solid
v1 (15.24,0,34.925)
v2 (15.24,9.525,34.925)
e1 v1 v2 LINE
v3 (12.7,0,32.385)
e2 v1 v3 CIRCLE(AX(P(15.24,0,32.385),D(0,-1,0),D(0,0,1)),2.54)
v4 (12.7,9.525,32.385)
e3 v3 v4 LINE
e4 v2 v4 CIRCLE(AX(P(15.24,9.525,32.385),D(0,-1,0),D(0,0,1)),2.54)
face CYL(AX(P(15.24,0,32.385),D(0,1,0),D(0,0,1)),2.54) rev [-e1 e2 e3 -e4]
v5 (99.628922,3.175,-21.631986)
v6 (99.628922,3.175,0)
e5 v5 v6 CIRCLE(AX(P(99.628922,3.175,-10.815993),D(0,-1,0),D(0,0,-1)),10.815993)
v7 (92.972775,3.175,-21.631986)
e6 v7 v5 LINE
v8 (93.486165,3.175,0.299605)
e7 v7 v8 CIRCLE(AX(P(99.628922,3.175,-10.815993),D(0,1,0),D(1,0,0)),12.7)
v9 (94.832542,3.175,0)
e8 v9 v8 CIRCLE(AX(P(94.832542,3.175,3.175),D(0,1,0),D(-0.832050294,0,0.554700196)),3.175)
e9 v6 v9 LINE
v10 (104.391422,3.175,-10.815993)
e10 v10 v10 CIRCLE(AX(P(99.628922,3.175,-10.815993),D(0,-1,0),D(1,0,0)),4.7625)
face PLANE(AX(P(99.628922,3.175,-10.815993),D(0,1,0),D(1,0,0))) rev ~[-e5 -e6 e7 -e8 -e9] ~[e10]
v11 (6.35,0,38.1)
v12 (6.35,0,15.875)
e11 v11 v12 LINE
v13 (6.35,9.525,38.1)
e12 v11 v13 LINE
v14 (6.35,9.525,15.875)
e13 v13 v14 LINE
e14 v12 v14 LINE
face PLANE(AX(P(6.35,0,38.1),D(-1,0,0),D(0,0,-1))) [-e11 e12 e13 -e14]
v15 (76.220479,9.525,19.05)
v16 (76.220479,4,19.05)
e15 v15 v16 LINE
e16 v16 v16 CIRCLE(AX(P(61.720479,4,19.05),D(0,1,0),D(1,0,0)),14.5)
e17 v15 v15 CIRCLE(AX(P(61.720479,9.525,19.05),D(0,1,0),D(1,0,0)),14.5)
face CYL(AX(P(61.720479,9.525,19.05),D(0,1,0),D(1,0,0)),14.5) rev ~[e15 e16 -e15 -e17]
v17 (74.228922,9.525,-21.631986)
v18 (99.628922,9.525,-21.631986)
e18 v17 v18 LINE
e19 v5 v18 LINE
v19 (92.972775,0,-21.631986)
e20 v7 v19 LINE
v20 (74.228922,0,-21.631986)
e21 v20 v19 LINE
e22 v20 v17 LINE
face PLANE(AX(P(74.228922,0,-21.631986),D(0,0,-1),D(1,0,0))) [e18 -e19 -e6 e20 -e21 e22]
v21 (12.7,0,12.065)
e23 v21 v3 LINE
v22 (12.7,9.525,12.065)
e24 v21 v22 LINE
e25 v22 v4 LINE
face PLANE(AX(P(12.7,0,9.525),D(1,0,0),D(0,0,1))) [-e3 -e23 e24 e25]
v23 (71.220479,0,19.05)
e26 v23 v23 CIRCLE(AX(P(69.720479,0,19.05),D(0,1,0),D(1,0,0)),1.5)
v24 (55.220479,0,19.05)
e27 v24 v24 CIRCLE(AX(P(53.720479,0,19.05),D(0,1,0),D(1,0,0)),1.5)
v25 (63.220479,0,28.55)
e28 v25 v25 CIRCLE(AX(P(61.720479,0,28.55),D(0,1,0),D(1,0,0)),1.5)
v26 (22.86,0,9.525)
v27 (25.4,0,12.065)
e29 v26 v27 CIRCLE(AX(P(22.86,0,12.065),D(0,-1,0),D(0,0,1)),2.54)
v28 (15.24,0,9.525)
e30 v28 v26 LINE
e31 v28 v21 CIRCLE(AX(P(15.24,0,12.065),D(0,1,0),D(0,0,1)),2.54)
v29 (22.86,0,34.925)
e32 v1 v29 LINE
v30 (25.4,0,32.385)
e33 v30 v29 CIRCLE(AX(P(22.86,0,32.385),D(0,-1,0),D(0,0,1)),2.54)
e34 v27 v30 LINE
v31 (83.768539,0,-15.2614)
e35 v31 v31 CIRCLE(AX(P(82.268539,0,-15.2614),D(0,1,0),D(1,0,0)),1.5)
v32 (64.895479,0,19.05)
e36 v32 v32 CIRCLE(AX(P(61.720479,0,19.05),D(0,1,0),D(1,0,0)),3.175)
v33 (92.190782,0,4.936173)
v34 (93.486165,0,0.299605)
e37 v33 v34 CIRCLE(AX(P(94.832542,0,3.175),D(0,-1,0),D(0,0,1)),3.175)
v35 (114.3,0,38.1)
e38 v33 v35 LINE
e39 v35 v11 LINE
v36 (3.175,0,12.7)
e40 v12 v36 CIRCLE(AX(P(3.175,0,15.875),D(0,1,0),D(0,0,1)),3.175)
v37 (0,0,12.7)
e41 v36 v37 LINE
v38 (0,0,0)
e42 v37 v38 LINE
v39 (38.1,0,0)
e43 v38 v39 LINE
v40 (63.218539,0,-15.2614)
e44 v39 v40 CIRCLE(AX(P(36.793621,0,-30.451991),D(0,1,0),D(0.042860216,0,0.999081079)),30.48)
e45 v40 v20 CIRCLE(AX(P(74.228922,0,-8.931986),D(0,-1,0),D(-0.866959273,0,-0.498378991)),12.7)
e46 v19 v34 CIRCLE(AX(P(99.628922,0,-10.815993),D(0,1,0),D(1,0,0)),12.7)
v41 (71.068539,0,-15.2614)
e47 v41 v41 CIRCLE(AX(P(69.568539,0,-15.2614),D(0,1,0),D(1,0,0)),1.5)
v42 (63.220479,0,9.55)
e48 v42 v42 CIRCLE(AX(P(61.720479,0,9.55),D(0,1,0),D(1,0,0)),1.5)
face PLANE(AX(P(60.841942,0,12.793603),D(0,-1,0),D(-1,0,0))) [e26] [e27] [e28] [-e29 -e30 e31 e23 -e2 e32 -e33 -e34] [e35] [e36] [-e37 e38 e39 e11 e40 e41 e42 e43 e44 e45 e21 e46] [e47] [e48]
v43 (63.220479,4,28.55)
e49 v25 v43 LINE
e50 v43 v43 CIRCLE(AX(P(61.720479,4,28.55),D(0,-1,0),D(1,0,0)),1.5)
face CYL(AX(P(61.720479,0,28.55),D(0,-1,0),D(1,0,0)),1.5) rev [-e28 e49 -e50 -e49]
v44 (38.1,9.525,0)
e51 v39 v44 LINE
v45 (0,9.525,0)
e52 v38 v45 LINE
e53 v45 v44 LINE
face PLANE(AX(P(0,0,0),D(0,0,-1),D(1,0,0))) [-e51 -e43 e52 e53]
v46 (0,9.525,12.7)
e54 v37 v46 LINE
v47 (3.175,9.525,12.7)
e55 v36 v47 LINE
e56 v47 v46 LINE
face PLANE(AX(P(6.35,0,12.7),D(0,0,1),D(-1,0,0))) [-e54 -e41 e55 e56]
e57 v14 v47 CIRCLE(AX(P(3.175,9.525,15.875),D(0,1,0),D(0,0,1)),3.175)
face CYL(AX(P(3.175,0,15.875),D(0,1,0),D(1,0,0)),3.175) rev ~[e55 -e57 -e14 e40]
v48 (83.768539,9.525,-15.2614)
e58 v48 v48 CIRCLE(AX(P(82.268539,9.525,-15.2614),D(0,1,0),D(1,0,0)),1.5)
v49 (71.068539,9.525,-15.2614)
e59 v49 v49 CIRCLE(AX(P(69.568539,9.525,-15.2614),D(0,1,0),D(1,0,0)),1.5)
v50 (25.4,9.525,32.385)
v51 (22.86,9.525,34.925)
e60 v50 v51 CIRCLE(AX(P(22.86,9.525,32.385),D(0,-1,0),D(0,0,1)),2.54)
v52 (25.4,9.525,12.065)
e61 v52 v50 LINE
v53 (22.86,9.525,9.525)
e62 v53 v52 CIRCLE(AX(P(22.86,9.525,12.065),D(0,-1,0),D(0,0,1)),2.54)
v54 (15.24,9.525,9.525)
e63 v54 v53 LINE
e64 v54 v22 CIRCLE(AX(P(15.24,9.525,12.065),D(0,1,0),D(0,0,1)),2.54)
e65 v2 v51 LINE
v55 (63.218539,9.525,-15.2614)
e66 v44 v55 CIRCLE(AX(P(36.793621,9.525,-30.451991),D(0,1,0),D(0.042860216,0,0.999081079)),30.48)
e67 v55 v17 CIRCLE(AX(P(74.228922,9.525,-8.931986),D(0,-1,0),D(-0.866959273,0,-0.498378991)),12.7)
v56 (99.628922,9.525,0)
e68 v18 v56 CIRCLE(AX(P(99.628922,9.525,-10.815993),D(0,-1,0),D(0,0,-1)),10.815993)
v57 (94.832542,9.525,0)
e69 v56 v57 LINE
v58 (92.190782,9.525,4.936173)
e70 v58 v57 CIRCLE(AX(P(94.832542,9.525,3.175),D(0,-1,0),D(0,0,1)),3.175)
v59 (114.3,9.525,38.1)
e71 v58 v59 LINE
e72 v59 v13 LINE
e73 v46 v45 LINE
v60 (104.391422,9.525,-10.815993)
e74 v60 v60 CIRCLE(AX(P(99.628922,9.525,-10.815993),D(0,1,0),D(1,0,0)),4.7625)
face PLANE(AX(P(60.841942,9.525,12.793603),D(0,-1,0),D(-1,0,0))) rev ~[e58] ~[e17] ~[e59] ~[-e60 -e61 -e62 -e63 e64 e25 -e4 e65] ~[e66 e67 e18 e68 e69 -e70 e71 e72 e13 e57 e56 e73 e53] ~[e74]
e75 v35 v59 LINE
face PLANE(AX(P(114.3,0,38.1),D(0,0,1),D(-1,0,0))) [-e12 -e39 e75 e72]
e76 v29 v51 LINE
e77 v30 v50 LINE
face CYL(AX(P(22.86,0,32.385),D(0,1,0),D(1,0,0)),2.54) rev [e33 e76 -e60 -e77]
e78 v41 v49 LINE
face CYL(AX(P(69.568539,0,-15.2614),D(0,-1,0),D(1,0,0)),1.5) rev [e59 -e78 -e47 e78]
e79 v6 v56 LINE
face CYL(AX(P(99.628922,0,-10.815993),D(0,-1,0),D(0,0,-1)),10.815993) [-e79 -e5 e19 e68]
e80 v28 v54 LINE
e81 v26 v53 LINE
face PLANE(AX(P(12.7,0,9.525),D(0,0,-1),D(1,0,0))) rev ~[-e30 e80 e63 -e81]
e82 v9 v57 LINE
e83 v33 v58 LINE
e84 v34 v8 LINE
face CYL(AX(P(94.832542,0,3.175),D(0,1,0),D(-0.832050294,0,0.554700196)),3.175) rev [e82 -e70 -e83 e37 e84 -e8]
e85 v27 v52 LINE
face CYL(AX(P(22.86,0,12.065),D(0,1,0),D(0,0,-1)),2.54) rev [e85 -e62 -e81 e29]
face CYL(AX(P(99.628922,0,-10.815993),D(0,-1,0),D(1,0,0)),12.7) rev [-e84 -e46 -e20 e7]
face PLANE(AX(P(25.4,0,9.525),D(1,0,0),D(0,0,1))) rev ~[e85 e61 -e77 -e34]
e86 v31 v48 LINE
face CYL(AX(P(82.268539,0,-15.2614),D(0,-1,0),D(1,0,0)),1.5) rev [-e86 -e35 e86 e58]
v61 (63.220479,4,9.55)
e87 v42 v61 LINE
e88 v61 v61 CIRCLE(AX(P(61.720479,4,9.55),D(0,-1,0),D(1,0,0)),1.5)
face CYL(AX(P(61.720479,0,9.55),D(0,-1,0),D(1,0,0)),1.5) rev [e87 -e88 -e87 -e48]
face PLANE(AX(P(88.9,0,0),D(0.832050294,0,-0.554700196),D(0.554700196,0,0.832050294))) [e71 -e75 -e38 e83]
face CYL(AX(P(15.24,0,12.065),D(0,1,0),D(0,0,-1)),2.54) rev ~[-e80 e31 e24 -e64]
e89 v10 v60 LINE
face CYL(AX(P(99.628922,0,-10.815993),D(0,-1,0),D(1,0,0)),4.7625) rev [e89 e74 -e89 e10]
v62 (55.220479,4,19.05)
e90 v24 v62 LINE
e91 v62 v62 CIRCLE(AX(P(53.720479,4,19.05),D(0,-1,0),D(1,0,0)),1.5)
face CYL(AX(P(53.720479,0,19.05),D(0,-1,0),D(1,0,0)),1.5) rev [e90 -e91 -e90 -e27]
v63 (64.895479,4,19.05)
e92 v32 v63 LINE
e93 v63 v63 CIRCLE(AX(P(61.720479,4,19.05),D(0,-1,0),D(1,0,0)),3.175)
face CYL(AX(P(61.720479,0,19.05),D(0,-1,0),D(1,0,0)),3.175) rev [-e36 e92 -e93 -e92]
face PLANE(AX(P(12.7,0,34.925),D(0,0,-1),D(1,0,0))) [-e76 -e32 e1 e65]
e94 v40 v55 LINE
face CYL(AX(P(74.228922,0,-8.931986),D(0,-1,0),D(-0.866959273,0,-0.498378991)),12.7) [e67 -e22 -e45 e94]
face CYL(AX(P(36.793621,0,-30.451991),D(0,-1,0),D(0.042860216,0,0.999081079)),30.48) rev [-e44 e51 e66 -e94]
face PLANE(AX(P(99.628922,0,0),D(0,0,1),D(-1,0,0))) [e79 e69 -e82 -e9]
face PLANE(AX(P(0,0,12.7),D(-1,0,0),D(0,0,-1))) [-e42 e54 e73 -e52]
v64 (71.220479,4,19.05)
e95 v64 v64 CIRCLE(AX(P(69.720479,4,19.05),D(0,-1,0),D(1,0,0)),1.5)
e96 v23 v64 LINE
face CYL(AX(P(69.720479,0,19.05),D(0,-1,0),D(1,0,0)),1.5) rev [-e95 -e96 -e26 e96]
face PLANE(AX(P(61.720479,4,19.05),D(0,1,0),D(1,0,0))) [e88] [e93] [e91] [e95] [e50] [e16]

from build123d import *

# Parameters (mm, degrees)
SKETCH1_R           = 4.7625
SKETCH1_R_2         = 1.5
SKETCH1_R_3         = 3.175
BOSS_EXTRUDE1_DEPTH = 9.525
FILLET1_R           = 3.175
FILLET2_R           = 3.175
SKETCH2_R           = 14.5
CUT_EXTRUDE1_DEPTH  = 5.525
SKETCH3_R           = 12.7
CUT_EXTRUDE2_DEPTH  = 3.175
SKETCH4_W           = 12.7
SKETCH4_H           = 25.4
CUT_EXTRUDE3_DEPTH  = 10.525
FILLET3_R           = 2.54


with BuildPart() as part:
    # Sketch1 → Boss-Extrude1 (new body)
    with BuildSketch(Plane(origin=(0, 0, 0), x_dir=(1, 0, 0), z_dir=(0, 1, 0))):
        with BuildLine():
            Line((0, 0), (38.1, 0))
            ThreePointArc((38.1, 0), (52.620300687, 4.403064286), (63.218539249, 15.261399634))
            ThreePointArc((63.218539249, 15.261399634), (67.86863694, 19.924564568), (74.228922018, 21.631986448))
            Line((74.228922018, 21.631986448), (99.628922018, 21.631986448))
            ThreePointArc((99.628922018, 21.631986448), (110.444915242, 10.815993224), (99.628922018, 0))
            Line((99.628922018, 0), (88.9, 0))
            Line((88.9, 0), (114.3, -38.1))
            Line((114.3, -38.1), (6.35, -38.1))
            Line((6.35, -38.1), (6.35, -12.7))
            Line((6.35, -12.7), (0, -12.7))
            Line((0, -12.7), (0, 0))
        make_face()
        with Locations((99.628922018, 10.815993224)):
            Circle(SKETCH1_R, mode=Mode.SUBTRACT)
        with Locations((69.568539249, 15.261399634)):
            Circle(SKETCH1_R_2, mode=Mode.SUBTRACT)
        with Locations((82.268539249, 15.261399634)):
            Circle(SKETCH1_R_2, mode=Mode.SUBTRACT)
        with Locations((69.720479044, -19.05)):
            Circle(SKETCH1_R_2, mode=Mode.SUBTRACT)
        with Locations((61.720479044, -28.55)):
            Circle(SKETCH1_R_2, mode=Mode.SUBTRACT)
        with Locations((53.720479044, -19.05)):
            Circle(SKETCH1_R_2, mode=Mode.SUBTRACT)
        with Locations((61.720479044, -9.55)):
            Circle(SKETCH1_R_2, mode=Mode.SUBTRACT)
        with Locations((61.720479044, -19.05)):
            Circle(SKETCH1_R_3, mode=Mode.SUBTRACT)
    extrude(amount=BOSS_EXTRUDE1_DEPTH)

    # Fillet1
    fillet1_edges = [part.edges().sort_by_distance(p)[0] for p in [
        (88.9, 4.7625, 0),
    ]]
    fillet(fillet1_edges, radius=FILLET1_R)

    # Fillet2
    fillet2_edges = [part.edges().sort_by_distance(p)[0] for p in [
        (6.35, 4.7625, 12.7),
    ]]
    fillet(fillet2_edges, radius=FILLET2_R)

    # Sketch2 → Cut-Extrude1 (cut)
    with BuildSketch(Plane(origin=(0, 9.525, 0), x_dir=(1, 0, 0), z_dir=(0, 1, 0))):
        with Locations((61.720479044, -19.05)):
            Circle(SKETCH2_R)
    extrude(amount=-CUT_EXTRUDE1_DEPTH, mode=Mode.SUBTRACT)

    # Sketch3 → Cut-Extrude2 (cut)
    with BuildSketch(Plane(origin=(0, 0, 0), x_dir=(1, 0, 0), z_dir=(0, 1, 0))):
        with Locations((99.628922018, 10.815993224)):
            Circle(SKETCH3_R)
    extrude(amount=CUT_EXTRUDE2_DEPTH, mode=Mode.SUBTRACT)

    # Sketch4 → Cut-Extrude3 (cut, through all)
    with BuildSketch(Plane.XZ):
        with Locations((19.05, 22.225)):
            Rectangle(SKETCH4_W, SKETCH4_H)
    extrude(amount=-CUT_EXTRUDE3_DEPTH, mode=Mode.SUBTRACT)

    # Fillet3
    fillet3_edges = [part.edges().sort_by_distance(p)[0] for p in [
        (12.7, 4.7625, 34.925),
        (25.4, 4.7625, 34.925),
        (25.4, 4.7625, 9.525),
        (12.7, 4.7625, 9.525),
    ]]
    fillet(fillet3_edges, radius=FILLET3_R)


solid = part.part
